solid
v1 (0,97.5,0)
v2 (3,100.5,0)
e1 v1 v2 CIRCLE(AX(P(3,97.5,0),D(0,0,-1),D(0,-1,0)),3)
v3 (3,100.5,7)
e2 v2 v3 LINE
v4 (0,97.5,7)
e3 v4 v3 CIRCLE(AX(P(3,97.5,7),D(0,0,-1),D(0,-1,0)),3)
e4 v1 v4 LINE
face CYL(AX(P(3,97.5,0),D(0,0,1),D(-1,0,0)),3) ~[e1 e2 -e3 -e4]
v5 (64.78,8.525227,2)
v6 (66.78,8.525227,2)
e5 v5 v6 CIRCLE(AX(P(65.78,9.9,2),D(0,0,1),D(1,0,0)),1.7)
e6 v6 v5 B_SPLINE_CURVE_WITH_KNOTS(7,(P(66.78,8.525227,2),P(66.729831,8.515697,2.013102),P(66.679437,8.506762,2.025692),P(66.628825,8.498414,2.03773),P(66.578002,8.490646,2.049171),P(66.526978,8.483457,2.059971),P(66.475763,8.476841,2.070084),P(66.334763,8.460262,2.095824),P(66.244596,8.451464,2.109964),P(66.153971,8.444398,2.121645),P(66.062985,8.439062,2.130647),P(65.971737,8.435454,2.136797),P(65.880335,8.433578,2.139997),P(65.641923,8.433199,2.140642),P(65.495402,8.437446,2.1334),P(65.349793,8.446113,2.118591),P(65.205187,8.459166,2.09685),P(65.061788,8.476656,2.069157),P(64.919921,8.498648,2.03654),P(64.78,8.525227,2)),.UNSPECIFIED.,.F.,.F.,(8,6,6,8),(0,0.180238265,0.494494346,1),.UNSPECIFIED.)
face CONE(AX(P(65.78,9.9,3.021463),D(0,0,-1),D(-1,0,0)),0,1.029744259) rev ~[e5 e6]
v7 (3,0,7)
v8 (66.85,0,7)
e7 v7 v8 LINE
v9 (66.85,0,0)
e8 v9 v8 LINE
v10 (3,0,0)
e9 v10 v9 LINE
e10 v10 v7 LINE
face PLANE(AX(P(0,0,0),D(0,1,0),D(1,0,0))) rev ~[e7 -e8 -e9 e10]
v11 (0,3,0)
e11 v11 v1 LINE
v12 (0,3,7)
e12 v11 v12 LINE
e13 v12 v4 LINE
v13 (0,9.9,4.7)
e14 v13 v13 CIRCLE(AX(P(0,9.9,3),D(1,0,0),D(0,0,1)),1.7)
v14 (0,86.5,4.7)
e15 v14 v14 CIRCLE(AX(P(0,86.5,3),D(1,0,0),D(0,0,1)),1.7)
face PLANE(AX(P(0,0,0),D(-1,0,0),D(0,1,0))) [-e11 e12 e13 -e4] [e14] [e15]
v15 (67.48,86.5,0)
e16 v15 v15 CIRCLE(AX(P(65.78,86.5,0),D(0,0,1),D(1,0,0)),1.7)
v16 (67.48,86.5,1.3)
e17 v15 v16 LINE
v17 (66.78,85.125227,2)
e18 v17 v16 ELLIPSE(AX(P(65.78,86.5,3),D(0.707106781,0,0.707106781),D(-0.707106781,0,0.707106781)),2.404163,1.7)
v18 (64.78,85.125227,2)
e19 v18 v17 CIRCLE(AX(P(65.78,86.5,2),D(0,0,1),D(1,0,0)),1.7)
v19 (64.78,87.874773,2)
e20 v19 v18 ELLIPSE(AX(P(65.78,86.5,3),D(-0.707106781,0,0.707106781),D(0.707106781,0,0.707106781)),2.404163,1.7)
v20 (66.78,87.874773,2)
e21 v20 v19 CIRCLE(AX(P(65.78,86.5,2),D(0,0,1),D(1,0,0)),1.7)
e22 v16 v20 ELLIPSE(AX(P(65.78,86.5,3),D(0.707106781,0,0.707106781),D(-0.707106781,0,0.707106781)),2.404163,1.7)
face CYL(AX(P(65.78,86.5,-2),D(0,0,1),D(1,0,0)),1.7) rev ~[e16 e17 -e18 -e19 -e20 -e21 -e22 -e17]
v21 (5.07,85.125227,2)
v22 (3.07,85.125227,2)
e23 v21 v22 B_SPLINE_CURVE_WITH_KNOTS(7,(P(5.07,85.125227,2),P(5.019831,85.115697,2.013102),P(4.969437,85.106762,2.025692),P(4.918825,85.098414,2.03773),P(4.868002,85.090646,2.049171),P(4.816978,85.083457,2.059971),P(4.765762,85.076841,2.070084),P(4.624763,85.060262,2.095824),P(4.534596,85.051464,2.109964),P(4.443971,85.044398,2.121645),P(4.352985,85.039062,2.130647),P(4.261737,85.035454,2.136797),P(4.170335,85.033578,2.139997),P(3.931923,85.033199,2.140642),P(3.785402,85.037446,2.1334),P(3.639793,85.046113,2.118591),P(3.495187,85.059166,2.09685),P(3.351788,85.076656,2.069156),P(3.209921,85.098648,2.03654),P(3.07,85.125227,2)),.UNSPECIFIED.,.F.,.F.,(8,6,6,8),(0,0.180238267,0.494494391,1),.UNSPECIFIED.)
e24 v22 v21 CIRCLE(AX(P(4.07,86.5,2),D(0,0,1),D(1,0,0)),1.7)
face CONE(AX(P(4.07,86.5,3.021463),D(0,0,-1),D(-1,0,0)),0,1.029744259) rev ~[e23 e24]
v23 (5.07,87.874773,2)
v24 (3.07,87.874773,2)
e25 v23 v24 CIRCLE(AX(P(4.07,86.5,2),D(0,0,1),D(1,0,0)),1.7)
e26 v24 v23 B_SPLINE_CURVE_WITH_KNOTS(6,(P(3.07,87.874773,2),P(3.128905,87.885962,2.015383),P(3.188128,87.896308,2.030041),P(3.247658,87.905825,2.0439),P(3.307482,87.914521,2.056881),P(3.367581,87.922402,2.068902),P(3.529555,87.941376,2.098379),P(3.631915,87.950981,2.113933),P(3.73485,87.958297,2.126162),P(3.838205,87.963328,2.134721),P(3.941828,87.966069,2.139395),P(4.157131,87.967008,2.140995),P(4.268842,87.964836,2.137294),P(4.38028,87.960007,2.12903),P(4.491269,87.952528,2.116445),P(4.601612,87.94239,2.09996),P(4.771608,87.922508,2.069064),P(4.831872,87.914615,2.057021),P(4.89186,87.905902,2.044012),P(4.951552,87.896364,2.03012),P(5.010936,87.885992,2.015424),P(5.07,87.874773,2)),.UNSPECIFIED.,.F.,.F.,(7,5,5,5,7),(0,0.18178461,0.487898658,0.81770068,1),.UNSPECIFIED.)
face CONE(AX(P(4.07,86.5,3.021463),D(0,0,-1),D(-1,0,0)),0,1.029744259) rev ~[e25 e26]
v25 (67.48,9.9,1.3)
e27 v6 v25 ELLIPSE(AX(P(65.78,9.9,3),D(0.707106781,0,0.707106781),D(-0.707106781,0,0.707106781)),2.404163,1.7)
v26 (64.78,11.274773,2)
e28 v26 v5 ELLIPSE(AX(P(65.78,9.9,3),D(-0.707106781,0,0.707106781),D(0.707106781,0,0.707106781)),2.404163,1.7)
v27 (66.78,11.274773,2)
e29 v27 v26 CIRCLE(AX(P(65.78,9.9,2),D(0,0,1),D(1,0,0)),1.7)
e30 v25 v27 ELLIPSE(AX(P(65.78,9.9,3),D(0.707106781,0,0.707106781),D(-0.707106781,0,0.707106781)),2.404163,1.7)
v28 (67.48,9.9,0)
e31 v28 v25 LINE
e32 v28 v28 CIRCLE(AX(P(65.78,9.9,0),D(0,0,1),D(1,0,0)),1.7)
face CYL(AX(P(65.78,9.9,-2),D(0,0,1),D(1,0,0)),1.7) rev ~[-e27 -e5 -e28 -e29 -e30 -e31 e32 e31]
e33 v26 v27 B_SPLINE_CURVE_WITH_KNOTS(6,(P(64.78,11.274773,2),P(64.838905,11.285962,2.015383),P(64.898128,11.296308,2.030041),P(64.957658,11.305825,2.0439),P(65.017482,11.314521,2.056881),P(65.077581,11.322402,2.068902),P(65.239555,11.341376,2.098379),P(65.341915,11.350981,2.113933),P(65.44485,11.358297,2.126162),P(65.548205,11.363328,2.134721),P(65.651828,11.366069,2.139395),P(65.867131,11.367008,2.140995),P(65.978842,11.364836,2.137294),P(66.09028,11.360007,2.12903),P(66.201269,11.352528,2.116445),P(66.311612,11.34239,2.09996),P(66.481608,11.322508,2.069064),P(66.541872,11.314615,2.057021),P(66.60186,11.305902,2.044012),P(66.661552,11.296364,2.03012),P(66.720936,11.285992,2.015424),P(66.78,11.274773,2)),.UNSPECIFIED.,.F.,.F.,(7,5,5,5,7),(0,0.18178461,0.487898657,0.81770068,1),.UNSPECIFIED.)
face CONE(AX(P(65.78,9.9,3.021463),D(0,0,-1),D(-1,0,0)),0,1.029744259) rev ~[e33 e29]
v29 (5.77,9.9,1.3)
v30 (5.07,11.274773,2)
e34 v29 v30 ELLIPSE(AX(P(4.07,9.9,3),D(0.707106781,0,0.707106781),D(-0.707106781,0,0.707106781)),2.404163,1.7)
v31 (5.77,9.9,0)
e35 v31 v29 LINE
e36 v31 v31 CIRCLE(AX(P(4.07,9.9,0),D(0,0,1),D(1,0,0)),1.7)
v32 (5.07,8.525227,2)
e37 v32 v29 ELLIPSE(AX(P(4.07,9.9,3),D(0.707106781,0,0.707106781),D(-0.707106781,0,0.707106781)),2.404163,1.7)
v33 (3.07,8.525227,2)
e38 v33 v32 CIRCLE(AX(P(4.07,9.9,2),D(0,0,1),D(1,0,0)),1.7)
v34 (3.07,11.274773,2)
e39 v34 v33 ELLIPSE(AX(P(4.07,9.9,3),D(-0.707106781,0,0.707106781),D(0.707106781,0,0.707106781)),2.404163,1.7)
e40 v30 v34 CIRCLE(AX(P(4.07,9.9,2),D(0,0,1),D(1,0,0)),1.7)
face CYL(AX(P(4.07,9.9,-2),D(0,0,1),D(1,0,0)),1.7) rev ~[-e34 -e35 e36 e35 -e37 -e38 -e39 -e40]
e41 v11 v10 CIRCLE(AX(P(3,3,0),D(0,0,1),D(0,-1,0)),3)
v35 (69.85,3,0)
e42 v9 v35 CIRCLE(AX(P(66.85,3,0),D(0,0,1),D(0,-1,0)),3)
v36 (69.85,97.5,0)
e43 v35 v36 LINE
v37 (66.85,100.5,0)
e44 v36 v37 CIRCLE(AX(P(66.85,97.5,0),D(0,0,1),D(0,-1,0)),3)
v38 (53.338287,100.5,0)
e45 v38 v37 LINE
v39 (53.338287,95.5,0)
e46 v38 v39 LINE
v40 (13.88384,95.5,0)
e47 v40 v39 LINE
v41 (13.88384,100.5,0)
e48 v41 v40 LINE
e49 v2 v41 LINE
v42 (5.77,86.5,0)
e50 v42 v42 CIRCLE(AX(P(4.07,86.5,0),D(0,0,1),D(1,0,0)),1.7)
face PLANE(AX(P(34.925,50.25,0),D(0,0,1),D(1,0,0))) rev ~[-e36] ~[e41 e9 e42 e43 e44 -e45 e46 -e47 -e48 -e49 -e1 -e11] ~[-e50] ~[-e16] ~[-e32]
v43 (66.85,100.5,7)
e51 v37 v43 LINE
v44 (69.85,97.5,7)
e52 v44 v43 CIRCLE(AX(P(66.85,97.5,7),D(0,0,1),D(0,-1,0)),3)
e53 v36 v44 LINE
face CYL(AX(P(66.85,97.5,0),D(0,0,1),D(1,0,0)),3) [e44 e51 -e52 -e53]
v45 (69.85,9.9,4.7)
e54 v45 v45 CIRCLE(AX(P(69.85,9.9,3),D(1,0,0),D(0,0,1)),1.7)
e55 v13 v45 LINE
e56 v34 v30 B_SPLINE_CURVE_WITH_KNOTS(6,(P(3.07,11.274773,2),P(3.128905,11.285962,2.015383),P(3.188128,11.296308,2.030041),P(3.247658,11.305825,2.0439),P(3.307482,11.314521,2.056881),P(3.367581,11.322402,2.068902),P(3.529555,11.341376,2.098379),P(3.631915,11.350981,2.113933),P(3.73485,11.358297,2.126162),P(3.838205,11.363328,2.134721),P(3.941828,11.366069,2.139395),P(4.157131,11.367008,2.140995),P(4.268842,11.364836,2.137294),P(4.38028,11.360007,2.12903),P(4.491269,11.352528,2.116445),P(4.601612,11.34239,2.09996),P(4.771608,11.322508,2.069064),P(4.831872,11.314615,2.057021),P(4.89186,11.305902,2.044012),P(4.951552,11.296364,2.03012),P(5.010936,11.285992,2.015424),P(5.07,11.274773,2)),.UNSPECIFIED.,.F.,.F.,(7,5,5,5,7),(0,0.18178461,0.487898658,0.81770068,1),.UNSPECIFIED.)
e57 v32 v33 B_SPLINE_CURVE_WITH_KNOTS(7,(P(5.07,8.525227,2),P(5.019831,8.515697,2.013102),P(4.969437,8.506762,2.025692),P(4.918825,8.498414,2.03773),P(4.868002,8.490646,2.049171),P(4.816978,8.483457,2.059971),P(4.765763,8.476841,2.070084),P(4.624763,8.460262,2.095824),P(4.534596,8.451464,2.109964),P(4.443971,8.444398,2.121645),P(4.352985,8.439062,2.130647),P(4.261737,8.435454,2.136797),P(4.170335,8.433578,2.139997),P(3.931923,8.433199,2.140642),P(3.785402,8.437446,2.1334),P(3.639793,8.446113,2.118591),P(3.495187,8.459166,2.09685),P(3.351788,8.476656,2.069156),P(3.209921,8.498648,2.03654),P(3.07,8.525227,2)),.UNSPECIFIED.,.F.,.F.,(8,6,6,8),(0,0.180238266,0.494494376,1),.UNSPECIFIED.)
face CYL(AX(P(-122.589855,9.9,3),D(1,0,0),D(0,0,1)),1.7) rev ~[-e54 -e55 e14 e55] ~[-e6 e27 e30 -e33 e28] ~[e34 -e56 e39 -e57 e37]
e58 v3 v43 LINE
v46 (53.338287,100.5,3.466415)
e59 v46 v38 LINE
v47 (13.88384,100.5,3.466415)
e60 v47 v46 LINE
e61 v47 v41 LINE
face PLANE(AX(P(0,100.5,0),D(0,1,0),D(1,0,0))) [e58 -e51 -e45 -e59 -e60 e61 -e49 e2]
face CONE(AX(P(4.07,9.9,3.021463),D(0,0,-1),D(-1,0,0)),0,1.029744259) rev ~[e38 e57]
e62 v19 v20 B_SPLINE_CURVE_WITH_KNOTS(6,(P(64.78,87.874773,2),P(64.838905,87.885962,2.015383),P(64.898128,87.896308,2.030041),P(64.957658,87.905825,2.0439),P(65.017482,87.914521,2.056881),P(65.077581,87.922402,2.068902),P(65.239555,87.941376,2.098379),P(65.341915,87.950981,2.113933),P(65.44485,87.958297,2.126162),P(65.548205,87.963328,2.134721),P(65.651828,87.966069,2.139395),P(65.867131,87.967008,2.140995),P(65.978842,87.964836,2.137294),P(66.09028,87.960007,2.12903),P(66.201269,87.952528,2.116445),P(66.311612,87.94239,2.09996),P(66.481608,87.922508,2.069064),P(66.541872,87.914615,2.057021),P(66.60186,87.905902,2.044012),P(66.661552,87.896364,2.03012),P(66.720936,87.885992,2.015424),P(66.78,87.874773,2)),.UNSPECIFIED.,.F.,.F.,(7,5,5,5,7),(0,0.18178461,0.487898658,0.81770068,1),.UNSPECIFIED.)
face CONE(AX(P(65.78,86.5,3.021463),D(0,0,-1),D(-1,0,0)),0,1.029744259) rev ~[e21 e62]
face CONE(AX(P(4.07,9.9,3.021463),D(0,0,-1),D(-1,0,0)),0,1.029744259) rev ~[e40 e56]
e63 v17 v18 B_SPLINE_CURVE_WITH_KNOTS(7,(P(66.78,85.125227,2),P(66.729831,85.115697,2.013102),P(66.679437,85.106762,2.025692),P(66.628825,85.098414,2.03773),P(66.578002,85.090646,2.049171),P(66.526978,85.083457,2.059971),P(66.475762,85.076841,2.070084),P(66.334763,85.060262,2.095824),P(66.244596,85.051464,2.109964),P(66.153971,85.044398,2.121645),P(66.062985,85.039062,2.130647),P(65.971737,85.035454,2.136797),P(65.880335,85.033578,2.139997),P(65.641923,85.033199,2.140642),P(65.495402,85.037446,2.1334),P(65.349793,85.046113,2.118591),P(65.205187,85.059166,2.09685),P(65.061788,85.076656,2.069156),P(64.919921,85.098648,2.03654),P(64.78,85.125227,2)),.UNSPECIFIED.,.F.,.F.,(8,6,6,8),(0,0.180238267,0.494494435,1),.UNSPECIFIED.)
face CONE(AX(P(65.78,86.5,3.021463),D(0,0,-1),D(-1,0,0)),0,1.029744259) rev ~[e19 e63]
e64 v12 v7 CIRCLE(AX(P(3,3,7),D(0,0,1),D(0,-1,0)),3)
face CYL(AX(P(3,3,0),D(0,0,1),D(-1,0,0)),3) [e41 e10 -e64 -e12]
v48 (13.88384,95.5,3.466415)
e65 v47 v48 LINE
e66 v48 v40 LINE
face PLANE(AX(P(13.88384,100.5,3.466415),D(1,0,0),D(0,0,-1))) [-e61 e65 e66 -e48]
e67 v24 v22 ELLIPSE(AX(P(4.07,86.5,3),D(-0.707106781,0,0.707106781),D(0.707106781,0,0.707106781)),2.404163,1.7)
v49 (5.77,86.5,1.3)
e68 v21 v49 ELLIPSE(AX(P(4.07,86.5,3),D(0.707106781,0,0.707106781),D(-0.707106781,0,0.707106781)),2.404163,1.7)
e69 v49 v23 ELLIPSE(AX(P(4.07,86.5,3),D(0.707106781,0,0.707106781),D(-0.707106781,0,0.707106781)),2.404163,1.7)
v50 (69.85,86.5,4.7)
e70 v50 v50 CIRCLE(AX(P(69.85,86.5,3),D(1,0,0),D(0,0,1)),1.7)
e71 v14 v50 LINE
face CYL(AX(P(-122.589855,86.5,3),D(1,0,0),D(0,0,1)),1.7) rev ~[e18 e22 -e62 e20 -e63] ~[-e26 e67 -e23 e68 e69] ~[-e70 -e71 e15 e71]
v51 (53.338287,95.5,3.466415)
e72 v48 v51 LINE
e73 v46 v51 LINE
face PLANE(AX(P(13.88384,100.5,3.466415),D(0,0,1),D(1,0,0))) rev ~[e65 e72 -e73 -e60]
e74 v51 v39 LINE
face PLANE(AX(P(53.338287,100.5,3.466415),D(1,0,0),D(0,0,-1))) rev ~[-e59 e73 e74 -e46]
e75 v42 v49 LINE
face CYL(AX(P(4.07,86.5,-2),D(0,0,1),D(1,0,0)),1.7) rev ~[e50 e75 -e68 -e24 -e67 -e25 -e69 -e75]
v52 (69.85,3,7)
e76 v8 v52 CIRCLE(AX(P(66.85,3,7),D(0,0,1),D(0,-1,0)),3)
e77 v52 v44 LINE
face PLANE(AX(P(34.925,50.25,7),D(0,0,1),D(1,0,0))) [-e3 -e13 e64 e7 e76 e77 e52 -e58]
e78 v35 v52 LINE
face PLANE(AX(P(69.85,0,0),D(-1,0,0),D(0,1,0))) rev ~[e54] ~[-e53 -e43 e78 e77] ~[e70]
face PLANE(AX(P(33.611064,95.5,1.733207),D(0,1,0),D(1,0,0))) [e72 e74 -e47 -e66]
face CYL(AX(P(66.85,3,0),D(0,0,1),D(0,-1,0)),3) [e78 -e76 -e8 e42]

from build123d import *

# Parameters (mm, degrees)
SKETCH1_W                = 69.85
SKETCH1_H                = 100.5
BOSS_EXTRUDE1_DEPTH      = 7
FILLET1_R                = 3
M3_CLEARANCE_HOLE1_D     = 3.4
M3_CLEARANCE_HOLE1_DEPTH = 2
M3_CLEARANCE_HOLE1_TIP   = 1.021463052
M3_CLEARANCE_HOLE2_D     = 3.4
SKETCH6_W                = 39.454447737
SKETCH6_H                = 3.466414688
CUT_EXTRUDE1_DEPTH       = 5


with BuildPart() as part:
    # Sketch1 → Boss-Extrude1 (new body)
    with BuildSketch(Plane.XY):
        with Locations((34.925, 50.25)):
            Rectangle(SKETCH1_W, SKETCH1_H)
    extrude(amount=BOSS_EXTRUDE1_DEPTH)

    # Fillet1
    fillet1_edges = [part.edges().sort_by_distance(p)[0] for p in [
        (0, 100.5, 3.5),
        (69.85, 100.5, 3.5),
        (69.85, 0, 3.5),
        (0, 0, 3.5),
    ]]
    fillet(fillet1_edges, radius=FILLET1_R)

    # M3 Clearance Hole1
    with Locations(Plane(origin=(4.07, 86.5, 0), x_dir=(-1, 0, 0), z_dir=(0, 0, -1))):
        with Locations((0, 0), (-61.71, 0), (-61.71, -76.6), (0, -76.6)):
            Hole(M3_CLEARANCE_HOLE1_D / 2, depth=M3_CLEARANCE_HOLE1_DEPTH)
            with Locations((0, 0, -(M3_CLEARANCE_HOLE1_DEPTH + M3_CLEARANCE_HOLE1_TIP / 2))):  # 118° drill point
                Cone(0, M3_CLEARANCE_HOLE1_D / 2, M3_CLEARANCE_HOLE1_TIP, mode=Mode.SUBTRACT)

    # M3 Clearance Hole2 (through all)
    with Locations(Plane(origin=(0, 86.5, 3), x_dir=(0, 0, -1), z_dir=(-1, 0, 0))):
        with Locations((0, 0), (0, 76.6)):
            Hole(M3_CLEARANCE_HOLE2_D / 2)

    # Sketch6 → Cut-Extrude1 (cut)
    with BuildSketch(Plane(origin=(0, 100.5, 0), x_dir=(1, 0, 0), z_dir=(0, 1, 0))):
        with Locations((33.611063607, -1.733207344)):
            Rectangle(SKETCH6_W, SKETCH6_H)
    extrude(amount=-CUT_EXTRUDE1_DEPTH, mode=Mode.SUBTRACT)


solid = part.part
